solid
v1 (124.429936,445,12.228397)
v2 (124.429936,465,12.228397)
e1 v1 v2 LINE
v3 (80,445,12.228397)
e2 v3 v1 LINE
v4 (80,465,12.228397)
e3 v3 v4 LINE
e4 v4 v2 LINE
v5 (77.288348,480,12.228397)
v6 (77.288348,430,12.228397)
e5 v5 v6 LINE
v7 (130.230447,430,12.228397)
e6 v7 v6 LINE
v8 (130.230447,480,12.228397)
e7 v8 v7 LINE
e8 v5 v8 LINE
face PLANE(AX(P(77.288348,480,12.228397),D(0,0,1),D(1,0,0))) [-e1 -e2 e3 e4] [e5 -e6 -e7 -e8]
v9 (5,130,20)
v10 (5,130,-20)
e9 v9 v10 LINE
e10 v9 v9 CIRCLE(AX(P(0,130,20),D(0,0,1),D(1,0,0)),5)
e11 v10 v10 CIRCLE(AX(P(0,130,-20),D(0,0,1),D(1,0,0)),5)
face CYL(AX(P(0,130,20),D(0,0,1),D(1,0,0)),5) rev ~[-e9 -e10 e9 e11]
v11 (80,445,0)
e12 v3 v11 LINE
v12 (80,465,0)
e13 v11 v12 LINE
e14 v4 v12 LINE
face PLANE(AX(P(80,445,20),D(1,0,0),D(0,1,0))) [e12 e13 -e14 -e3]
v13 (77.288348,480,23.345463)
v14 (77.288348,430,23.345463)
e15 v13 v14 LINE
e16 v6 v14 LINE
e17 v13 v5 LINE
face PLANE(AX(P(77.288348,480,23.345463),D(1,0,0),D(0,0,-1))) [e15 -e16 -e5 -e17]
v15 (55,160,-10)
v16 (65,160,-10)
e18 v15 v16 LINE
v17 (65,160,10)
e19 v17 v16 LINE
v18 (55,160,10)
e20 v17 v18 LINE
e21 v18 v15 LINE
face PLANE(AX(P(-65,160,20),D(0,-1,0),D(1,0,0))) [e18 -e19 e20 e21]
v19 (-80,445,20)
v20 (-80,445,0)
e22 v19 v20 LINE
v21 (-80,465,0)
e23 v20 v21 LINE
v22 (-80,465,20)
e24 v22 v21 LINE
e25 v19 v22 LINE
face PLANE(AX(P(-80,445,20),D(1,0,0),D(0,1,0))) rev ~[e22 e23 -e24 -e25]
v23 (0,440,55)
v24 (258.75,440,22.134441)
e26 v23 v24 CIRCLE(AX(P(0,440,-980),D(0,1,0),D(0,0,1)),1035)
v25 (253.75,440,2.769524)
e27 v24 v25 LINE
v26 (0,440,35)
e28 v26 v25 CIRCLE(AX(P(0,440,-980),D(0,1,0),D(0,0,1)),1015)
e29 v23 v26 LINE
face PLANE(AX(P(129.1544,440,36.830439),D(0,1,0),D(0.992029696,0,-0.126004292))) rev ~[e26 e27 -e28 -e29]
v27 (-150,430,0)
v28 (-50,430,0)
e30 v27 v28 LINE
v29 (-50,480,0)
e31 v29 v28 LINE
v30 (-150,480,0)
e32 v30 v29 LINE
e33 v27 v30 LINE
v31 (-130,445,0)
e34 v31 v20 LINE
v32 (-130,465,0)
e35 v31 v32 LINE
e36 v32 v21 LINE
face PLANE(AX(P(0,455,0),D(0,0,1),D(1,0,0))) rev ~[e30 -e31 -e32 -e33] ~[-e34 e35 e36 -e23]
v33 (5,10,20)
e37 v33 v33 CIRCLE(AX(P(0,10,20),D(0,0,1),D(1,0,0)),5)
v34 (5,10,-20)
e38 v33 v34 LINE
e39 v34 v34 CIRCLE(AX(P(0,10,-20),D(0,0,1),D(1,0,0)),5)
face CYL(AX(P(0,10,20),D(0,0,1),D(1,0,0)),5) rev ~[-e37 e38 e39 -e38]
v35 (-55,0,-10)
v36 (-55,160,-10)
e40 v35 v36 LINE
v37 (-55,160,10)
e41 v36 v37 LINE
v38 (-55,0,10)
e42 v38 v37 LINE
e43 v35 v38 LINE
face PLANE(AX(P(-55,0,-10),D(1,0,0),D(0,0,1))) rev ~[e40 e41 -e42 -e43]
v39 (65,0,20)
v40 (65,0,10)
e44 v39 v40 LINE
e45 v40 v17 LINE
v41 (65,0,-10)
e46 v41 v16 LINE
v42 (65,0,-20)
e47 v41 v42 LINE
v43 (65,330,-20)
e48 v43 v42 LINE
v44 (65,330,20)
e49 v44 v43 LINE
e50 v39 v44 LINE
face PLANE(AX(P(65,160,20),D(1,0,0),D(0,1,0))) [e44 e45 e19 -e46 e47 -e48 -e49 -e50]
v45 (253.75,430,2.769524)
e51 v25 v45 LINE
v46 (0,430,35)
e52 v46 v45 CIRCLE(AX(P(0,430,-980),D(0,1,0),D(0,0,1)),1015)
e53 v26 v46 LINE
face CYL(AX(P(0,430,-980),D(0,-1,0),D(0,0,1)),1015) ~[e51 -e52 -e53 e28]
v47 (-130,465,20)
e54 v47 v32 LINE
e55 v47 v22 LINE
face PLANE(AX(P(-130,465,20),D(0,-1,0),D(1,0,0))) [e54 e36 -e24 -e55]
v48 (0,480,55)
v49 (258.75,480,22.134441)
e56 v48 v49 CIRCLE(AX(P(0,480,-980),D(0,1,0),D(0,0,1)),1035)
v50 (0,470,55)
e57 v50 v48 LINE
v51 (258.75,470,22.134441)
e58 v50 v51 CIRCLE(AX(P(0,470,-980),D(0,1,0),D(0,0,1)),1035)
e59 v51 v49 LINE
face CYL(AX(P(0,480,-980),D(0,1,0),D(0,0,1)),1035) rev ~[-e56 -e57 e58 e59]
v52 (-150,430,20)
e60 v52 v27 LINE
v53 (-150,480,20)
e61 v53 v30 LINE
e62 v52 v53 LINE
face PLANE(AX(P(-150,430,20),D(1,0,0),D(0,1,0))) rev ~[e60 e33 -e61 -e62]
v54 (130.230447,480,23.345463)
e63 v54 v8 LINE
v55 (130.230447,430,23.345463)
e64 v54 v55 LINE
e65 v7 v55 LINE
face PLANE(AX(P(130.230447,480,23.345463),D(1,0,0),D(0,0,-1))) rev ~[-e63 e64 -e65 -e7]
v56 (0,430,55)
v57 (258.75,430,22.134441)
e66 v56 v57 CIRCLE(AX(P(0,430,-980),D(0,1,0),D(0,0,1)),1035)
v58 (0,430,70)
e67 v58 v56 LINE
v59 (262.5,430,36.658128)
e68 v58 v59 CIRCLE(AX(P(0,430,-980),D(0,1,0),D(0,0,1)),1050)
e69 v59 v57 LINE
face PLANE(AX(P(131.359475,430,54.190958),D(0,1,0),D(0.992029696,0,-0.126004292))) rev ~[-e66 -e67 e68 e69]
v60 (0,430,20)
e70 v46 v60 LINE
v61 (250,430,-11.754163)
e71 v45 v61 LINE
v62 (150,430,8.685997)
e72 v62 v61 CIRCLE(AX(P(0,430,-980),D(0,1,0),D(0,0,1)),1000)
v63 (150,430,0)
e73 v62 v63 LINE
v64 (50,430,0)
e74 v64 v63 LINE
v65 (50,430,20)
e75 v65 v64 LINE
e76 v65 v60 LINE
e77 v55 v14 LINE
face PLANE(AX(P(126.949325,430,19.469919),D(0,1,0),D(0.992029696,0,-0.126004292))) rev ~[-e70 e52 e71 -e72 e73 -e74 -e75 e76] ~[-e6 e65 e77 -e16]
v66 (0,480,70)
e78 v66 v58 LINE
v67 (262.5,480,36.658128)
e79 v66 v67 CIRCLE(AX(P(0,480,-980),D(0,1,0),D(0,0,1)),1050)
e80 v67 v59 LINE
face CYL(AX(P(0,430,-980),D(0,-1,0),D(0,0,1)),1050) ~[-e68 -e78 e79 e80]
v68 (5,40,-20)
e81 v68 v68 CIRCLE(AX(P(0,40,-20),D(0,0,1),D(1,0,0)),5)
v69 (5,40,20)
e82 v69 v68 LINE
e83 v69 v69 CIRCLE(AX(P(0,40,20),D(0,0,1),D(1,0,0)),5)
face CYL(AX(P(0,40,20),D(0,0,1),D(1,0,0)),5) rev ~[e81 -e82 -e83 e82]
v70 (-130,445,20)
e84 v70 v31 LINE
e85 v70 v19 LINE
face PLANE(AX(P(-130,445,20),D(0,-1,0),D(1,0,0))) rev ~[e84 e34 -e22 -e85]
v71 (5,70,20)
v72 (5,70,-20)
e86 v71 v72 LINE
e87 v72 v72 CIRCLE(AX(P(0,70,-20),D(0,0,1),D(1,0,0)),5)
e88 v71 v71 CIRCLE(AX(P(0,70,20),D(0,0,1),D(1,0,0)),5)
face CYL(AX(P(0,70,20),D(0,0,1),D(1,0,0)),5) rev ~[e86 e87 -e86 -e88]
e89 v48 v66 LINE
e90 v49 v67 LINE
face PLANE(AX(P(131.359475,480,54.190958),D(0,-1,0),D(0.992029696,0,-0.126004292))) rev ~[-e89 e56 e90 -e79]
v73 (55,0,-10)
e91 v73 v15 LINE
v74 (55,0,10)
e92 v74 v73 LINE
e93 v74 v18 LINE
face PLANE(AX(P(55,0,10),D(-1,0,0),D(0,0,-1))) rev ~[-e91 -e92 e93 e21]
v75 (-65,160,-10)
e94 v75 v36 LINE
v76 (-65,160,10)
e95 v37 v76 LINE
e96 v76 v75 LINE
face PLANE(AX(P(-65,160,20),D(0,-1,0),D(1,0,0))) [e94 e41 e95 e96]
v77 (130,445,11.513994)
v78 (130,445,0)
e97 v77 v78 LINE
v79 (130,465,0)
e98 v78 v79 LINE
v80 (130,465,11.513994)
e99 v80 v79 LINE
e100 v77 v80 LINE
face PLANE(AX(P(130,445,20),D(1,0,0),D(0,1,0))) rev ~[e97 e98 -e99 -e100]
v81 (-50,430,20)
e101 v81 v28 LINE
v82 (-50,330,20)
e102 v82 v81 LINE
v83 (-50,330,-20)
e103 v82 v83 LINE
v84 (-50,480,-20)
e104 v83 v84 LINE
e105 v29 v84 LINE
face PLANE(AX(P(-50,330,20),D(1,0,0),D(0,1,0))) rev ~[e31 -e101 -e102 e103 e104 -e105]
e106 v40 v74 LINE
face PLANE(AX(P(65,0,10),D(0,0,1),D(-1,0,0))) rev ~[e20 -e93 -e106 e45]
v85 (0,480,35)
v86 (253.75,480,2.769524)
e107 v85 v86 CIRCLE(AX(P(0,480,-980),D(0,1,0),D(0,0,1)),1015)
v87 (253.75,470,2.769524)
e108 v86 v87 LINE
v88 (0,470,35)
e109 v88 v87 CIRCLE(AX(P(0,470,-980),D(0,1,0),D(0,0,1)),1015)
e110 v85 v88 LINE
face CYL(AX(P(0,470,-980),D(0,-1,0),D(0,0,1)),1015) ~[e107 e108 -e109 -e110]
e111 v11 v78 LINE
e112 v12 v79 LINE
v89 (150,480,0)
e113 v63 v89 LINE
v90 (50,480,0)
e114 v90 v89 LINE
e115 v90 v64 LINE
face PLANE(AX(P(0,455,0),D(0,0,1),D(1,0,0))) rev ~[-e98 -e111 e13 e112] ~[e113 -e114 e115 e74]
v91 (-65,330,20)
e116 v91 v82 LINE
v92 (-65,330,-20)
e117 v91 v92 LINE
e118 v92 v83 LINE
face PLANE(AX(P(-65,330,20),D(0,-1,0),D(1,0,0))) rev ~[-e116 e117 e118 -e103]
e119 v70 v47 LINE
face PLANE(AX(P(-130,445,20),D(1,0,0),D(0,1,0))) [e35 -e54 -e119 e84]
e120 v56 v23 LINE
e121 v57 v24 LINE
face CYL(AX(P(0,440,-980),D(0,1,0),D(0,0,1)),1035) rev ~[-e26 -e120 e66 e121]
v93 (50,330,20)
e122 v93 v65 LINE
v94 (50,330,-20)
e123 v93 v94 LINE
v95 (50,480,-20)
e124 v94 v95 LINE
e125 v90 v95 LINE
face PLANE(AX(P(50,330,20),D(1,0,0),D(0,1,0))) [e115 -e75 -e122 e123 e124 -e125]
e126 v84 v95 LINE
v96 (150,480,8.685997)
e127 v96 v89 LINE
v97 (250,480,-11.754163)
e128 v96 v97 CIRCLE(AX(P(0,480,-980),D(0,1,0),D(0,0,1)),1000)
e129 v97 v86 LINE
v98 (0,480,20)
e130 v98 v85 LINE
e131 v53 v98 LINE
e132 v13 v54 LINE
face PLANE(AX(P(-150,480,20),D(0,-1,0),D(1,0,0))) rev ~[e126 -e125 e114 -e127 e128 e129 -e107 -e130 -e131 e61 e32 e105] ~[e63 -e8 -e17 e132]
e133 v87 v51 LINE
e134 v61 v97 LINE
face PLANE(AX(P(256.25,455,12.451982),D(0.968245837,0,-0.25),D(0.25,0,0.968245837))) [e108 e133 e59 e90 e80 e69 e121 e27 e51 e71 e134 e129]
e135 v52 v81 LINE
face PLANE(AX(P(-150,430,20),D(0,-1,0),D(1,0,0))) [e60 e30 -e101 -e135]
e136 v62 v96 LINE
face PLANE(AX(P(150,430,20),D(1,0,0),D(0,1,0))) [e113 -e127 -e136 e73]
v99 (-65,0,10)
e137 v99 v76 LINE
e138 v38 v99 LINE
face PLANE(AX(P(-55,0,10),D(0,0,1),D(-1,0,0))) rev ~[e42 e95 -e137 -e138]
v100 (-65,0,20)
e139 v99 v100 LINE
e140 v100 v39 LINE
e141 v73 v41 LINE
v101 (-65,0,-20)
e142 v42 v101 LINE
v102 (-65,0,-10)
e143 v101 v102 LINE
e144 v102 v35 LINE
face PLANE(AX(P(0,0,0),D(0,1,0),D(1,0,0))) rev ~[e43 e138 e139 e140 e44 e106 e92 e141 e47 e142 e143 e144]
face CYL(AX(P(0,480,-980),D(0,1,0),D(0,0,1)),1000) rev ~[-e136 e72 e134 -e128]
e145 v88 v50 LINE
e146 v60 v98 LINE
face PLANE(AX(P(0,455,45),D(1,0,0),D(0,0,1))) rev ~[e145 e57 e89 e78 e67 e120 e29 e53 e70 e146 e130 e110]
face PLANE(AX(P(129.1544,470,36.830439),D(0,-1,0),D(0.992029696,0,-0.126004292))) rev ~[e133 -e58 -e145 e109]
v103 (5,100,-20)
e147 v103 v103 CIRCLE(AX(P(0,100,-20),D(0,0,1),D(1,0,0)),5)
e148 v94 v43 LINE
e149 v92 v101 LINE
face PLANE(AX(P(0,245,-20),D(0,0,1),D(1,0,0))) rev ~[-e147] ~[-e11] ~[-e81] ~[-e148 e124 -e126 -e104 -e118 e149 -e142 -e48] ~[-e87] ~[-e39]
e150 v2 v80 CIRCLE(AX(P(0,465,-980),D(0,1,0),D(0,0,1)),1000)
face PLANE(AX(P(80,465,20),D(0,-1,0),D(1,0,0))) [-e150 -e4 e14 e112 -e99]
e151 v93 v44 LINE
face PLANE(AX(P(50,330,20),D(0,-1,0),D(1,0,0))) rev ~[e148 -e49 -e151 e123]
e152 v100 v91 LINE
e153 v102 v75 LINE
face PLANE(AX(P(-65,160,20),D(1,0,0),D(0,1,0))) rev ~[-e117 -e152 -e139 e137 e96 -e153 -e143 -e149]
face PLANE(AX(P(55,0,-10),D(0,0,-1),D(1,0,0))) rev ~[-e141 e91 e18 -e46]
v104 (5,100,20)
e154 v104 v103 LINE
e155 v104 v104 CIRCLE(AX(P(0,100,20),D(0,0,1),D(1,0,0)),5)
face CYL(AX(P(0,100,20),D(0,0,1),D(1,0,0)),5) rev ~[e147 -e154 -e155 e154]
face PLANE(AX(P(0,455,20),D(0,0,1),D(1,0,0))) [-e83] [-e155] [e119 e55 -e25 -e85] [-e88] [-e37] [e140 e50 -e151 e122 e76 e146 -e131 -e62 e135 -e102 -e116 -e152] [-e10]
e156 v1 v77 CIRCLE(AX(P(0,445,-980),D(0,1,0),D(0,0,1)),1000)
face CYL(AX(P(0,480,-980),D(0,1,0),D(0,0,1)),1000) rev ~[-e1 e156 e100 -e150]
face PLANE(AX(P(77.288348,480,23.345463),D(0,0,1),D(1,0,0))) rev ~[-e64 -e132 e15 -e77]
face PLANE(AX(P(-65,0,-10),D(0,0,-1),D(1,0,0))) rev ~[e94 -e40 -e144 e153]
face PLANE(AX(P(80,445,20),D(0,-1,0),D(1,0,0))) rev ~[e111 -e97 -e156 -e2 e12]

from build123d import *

# Parameters (mm, degrees)
BODY_DEPTH          = 160
SKETCH2_R           = 5
PIN_HOLE_DEPTH      = 178.270979012
LPATTERN1_COUNT     = 5
LPATTERN1_PITCH     = 30
SKETCH3_W           = 130
SKETCH3_H           = 170
SKETCH3_W_2         = 100
SKETCH3_H_2         = 150
SPINE_DEPTH         = 40
SKETCH10_W          = 300
SKETCH10_H          = 50
SKETCH10_W_2        = 50
SKETCH10_H_2        = 20
BOSS_EXTRUDE5_DEPTH = 20
CUT_EXTRUDE2_REACH  = 553.549
SKETCH11_W          = 52.942098854
SKETCH11_H          = 11.117065858


with BuildPart() as part:
    # Sketch1 → body (new body)
    with BuildSketch(Plane(origin=(0, 0, 0), x_dir=(1, 0, 0), z_dir=(0, 1, 0))):
        Polygon((65, 20), (-65, 20), (-65, 10), (-55, 10), (-55, -10), (-65, -10), (-65, -20), (65, -20), (65, -10), (55, -10), (55, 10), (65, 10), align=None)
    extrude(amount=BODY_DEPTH)

    # Sketch2 → pin hole (cut, through all)
    with BuildSketch(Plane.XY.offset(20)):
        with Locations((0, 10)):
            Circle(SKETCH2_R)
    pin_hole = extrude(amount=-PIN_HOLE_DEPTH, mode=Mode.SUBTRACT)

    # LPattern1: pin hole ×5
    with Locations(*[(0, i * LPATTERN1_PITCH, 0) for i in range(1, LPATTERN1_COUNT)]):
        add(pin_hole, mode=Mode.SUBTRACT)

    # Sketch3 → spine (add)
    with BuildSketch(Plane.XY.offset(20)):
        with Locations((0, 245)):
            Rectangle(SKETCH3_W, SKETCH3_H)
        with Locations((0, 405)):
            Rectangle(SKETCH3_W_2, SKETCH3_H_2)
    extrude(amount=-SPINE_DEPTH)

    # Sweep4: sweep along a path in Sketch8
    with BuildLine(Plane(origin=(0, 480, 0), x_dir=(1, 0, 0), z_dir=(0, 1, 0))) as sweep4_path:
        ThreePointArc((0, -20), (126.004292483, -12.029696267), (250, 11.754163448))
    # Sketch6<6> → Sweep4 (sweep)
    with BuildSketch(Plane(origin=(0, 0, 0), x_dir=(0, 0, -1), z_dir=(1, 0, 0))):
        Polygon((-70, 480), (-55, 480), (-55, 470), (-35, 470), (-35, 480), (-20, 480), (-20, 430), (-35, 430), (-35, 440), (-55, 440), (-55, 430), (-70, 430), align=None)
    sweep(path=sweep4_path.line)

    # Sketch10 → Boss-Extrude5 (add)
    with BuildSketch(Plane.XY.offset(20)):
        with Locations((0, 455)):
            Rectangle(SKETCH10_W, SKETCH10_H)
        with Locations((-105, 455)):
            Rectangle(SKETCH10_W_2, SKETCH10_H_2, mode=Mode.SUBTRACT)
        with Locations((105, 455)):
            Rectangle(SKETCH10_W_2, SKETCH10_H_2, mode=Mode.SUBTRACT)
    extrude(amount=-BOSS_EXTRUDE5_DEPTH)

    # Sketch11 → Cut-Extrude2 (cut, up to next)
    with BuildSketch(Plane(origin=(0, 480, 0), x_dir=(1, 0, 0), z_dir=(0, 1, 0)), mode=Mode.PRIVATE) as cut_extrude2_sk1:
        with Locations((103.759397545, -17.786929586)):
            Rectangle(SKETCH11_W, SKETCH11_H)
    cut_extrude2_tool1 = extrude(cut_extrude2_sk1.sketch, amount=-CUT_EXTRUDE2_REACH, mode=Mode.PRIVATE) & part.part
    add(cut_extrude2_tool1.solids().sort_by_distance((103.759398, 480, 17.78693))[0], mode=Mode.SUBTRACT)


solid = part.part
